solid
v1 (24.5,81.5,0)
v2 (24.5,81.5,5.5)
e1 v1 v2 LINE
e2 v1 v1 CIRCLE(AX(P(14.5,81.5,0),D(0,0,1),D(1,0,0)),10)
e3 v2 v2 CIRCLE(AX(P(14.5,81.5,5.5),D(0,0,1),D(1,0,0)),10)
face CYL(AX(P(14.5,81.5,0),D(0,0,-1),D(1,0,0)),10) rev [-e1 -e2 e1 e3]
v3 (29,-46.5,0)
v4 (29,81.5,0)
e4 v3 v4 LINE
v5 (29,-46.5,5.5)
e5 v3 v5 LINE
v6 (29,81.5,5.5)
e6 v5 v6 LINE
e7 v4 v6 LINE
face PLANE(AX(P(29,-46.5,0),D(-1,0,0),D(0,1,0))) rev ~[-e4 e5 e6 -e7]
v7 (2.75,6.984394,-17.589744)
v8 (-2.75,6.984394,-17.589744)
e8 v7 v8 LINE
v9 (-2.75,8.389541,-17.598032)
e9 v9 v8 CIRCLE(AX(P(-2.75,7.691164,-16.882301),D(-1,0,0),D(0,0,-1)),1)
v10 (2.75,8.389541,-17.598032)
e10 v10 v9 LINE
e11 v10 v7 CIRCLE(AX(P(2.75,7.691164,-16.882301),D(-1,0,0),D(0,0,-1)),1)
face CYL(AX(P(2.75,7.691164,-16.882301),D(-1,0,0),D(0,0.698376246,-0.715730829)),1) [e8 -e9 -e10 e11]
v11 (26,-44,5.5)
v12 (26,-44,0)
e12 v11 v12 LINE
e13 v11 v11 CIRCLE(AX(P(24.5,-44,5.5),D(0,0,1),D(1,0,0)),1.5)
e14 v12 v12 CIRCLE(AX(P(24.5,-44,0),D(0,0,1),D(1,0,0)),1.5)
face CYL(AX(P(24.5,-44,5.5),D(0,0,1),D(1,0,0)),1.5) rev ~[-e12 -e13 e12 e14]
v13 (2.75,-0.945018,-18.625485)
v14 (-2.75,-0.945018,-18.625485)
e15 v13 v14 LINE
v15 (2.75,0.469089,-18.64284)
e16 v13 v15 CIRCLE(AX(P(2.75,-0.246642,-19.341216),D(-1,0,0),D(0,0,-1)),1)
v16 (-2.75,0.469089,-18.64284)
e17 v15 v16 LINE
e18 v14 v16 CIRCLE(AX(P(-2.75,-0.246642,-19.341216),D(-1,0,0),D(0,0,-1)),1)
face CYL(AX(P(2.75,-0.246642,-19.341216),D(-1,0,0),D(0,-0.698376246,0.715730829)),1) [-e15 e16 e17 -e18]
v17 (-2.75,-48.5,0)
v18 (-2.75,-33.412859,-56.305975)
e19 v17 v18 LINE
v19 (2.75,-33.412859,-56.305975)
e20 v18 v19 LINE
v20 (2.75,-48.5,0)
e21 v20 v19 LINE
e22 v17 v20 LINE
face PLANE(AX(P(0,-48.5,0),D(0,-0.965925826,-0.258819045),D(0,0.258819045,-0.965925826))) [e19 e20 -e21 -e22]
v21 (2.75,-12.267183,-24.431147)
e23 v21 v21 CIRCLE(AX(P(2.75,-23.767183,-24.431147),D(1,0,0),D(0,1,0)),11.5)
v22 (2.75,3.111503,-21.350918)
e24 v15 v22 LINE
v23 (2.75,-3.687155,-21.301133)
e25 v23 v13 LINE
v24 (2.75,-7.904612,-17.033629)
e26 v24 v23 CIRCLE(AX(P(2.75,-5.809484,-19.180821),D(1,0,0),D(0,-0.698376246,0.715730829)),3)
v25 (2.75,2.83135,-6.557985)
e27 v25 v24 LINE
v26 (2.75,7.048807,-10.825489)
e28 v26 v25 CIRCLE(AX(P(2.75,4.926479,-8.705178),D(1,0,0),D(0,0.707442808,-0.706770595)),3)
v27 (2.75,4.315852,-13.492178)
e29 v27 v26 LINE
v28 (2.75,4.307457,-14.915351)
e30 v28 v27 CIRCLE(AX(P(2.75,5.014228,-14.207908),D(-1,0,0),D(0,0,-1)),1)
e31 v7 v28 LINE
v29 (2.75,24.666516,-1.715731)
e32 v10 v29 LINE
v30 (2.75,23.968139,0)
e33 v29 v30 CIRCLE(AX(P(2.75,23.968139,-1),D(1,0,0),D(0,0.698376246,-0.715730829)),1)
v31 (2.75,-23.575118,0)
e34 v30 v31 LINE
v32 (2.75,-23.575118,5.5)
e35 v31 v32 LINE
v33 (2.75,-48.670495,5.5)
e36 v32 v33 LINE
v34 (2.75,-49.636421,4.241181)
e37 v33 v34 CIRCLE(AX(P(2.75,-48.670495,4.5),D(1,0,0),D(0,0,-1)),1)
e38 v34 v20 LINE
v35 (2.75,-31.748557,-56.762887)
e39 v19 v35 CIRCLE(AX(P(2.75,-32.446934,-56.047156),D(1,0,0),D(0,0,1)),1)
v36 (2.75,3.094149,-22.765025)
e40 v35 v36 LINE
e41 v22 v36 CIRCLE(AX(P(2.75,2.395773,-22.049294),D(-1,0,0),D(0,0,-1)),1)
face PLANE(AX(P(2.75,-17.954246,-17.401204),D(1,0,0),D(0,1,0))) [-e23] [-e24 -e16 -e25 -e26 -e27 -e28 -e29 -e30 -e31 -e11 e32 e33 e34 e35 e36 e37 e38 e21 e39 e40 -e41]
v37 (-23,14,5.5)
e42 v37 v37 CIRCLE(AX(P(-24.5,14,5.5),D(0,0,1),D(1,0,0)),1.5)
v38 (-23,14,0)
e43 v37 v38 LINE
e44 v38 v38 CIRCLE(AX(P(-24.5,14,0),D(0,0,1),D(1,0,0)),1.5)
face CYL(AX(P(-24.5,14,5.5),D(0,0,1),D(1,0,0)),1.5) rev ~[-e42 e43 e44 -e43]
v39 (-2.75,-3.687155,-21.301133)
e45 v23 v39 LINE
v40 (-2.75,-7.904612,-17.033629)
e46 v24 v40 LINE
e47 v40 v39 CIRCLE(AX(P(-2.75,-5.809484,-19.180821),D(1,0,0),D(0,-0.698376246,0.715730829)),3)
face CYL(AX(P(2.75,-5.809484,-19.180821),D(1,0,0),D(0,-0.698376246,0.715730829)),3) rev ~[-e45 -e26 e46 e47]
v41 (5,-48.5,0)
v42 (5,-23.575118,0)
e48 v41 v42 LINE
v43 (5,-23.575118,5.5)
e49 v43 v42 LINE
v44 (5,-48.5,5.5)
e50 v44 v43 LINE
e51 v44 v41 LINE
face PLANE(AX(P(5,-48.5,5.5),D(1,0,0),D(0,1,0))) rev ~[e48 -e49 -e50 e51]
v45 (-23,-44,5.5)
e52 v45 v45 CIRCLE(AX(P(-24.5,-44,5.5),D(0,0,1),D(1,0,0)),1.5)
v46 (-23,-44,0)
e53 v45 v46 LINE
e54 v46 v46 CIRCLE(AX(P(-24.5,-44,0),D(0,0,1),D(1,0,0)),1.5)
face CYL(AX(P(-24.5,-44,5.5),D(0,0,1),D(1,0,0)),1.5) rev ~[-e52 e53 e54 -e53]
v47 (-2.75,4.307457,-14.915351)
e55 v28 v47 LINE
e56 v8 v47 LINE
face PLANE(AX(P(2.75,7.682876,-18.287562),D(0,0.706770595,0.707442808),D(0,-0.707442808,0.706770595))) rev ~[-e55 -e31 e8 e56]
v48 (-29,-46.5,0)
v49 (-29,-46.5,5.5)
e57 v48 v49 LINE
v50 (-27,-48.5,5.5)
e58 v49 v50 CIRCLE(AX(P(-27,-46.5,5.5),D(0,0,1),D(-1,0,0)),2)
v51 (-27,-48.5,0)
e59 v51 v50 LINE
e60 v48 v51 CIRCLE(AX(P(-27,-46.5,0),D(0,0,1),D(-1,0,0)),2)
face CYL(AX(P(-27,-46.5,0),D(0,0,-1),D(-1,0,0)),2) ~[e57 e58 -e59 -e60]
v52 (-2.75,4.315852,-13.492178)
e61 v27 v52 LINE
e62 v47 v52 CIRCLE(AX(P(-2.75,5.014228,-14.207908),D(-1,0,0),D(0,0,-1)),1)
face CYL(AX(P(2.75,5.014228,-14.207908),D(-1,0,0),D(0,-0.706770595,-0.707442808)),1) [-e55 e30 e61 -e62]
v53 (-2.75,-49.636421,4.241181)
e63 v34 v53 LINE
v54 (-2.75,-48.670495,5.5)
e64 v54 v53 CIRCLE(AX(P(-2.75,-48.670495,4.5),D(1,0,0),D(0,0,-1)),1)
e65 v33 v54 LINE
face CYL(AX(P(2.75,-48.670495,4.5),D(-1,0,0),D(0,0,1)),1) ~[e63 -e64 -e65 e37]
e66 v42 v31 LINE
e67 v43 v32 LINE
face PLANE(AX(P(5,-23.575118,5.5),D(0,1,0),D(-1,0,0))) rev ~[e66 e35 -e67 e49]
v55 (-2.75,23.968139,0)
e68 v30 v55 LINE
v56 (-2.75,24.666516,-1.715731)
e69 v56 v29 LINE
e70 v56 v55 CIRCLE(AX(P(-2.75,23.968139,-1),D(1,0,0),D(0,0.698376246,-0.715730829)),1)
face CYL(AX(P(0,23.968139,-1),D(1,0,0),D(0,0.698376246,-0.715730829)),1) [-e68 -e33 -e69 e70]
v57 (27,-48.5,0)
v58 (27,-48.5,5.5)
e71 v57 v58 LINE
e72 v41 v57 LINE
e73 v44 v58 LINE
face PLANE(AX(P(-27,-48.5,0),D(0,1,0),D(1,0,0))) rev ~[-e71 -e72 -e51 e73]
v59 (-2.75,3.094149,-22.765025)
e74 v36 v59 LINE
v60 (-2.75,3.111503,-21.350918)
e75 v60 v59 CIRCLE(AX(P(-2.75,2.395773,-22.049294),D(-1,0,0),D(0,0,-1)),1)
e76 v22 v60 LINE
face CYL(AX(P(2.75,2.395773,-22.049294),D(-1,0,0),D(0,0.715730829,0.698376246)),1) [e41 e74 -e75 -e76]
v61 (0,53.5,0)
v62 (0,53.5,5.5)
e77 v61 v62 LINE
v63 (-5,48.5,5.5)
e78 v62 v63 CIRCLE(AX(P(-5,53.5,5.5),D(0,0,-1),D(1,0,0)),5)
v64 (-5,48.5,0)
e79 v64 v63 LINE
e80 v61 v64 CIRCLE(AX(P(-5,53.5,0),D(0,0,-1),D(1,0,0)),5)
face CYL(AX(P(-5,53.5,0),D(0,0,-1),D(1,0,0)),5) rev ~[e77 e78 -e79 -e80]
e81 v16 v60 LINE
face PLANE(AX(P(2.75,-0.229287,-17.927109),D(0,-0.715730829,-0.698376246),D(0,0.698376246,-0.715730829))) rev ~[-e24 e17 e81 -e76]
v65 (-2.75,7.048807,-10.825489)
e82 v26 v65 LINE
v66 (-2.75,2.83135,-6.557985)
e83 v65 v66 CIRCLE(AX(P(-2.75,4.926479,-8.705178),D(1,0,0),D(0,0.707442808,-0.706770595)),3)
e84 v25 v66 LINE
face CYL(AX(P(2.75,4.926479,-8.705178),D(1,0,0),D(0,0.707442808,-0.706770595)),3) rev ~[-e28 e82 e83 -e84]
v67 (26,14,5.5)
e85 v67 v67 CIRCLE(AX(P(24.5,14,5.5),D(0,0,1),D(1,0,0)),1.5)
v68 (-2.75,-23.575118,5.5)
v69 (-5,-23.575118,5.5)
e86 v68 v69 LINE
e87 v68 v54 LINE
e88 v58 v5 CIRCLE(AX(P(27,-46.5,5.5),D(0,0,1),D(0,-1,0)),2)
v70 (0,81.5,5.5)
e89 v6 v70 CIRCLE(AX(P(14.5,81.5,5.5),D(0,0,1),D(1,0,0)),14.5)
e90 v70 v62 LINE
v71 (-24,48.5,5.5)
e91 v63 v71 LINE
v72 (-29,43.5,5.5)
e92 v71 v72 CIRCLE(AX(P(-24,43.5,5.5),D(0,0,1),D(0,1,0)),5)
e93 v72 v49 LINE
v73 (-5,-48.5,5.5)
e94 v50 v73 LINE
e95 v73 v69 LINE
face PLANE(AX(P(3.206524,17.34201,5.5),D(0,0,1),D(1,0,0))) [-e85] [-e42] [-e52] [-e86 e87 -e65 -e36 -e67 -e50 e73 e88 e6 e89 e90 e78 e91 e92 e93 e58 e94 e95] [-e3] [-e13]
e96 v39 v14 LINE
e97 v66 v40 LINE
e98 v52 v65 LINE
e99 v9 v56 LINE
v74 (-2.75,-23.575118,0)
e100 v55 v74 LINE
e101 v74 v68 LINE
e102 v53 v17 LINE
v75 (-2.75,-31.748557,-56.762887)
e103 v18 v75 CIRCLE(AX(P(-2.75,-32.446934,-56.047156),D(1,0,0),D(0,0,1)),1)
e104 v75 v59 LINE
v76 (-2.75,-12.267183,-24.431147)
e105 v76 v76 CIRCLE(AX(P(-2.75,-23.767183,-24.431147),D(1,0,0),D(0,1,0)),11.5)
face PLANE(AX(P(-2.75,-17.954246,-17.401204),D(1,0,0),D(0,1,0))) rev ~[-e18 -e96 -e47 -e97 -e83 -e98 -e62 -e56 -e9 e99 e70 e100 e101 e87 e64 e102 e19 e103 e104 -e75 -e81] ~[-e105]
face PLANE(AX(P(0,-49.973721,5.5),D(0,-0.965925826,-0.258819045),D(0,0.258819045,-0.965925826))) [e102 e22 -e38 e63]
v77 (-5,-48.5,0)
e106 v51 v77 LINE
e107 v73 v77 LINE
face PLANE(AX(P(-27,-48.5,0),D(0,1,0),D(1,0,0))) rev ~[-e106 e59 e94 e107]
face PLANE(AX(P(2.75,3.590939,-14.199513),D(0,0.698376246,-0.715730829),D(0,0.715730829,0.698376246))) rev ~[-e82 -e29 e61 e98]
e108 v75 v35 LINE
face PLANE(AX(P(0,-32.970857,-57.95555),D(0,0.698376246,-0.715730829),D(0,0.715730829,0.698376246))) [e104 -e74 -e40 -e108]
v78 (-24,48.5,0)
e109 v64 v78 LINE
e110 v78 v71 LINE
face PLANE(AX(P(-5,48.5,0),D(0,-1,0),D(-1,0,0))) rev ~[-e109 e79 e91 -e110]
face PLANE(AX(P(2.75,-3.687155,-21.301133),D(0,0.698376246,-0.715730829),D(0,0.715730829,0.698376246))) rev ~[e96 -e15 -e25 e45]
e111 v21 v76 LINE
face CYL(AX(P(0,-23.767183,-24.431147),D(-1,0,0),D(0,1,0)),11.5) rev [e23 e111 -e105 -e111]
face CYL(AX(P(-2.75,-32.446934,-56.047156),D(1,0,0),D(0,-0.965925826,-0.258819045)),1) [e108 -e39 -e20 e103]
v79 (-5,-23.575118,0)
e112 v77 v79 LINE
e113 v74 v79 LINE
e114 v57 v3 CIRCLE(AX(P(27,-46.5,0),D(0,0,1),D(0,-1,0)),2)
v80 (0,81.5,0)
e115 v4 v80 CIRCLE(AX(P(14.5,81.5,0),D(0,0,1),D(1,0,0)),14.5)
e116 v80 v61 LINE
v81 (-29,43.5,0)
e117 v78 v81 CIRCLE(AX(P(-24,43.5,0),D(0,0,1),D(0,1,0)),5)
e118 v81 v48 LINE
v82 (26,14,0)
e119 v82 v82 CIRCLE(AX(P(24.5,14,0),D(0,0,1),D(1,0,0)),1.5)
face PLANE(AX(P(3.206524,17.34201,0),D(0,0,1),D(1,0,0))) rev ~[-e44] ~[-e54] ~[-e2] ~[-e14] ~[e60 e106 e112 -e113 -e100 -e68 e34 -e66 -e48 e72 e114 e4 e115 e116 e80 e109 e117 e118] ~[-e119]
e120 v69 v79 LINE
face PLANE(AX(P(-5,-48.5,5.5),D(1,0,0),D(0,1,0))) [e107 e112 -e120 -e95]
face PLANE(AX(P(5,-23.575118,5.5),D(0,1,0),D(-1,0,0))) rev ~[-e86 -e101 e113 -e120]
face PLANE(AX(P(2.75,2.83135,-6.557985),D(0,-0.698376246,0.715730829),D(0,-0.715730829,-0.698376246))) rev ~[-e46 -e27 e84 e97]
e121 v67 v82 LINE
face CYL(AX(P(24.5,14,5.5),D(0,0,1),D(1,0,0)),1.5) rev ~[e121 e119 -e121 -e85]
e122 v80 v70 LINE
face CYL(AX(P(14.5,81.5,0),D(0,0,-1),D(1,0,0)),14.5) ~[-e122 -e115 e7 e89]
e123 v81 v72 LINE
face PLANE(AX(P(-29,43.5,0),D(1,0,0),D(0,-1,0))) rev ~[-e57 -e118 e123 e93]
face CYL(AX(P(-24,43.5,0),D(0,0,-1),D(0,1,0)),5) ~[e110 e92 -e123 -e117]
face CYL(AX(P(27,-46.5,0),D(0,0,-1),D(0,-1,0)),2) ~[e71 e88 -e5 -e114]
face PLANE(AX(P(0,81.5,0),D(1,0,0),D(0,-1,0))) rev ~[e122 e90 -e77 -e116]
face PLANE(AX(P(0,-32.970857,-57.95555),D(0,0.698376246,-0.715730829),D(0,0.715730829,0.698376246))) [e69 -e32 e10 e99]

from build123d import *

# Parameters (mm, degrees)
F0_R      = 10
F1_DEPTH  = 5.5
F2_R      = 1.5
F3_DEPTH  = 5.5
F4_W      = 5
F4_H      = 24.9248821884
F5_DEPTH  = 5.5
F6_R      = 11.5
F7_DEPTH  = 2.75
F8_R      = 1
F10_DEPTH = 5.5
F11_R     = 1


with BuildPart() as f1:
    # F0 (on Top) → F1 (new body)
    with BuildSketch(Plane.XY):
        with BuildLine():
            Line((-27, -48.5), (27, -48.5))
            ThreePointArc((27, -48.5), (28.4142135624, -47.9142135624), (29, -46.5))
            Line((29, -46.5), (29, 81.5))
            ThreePointArc((29, 81.5), (14.5, 96), (0, 81.5))
            Line((0, 81.5), (0, 53.5))
            ThreePointArc((0, 53.5), (-1.4644660941, 49.9644660941), (-5, 48.5))
            Line((-5, 48.5), (-24, 48.5))
            ThreePointArc((-24, 48.5), (-27.5355339059, 47.0355339059), (-29, 43.5))
            Line((-29, 43.5), (-29, -46.5))
            ThreePointArc((-29, -46.5), (-28.4142135624, -47.9142135624), (-27, -48.5))
        make_face()
        with Locations((14.5, 81.5)):
            Circle(F0_R, mode=Mode.SUBTRACT)
    extrude(amount=F1_DEPTH)

    # F2 (on face) → F3 (cut, through all)
    with BuildSketch(Plane.XY.offset(5.5)):
        with Locations((-24.5, 14)):
            Circle(F2_R)
        with Locations((24.5, 14)):
            Circle(F2_R)
        with Locations((24.5, -44)):
            Circle(F2_R)
        with Locations((-24.5, -44)):
            Circle(F2_R)
    extrude(amount=-F3_DEPTH, mode=Mode.SUBTRACT)

    # F4 (on face) → F5 (cut, through all)
    with BuildSketch(Plane.XY.offset(5.5)):
        with Locations((2.5, -36.0375589058)):
            Rectangle(F4_W, F4_H)
        with Locations((-2.5, -36.0375589058)):
            Rectangle(F4_W, F4_H)
    extrude(amount=-F5_DEPTH, mode=Mode.SUBTRACT)

    # F6 (on Right) → F7 (join, symmetric)
    with BuildSketch(Plane.YZ):
        with BuildLine():
            Line((-49.9737205584, 5.5), (-48.5, 0))
            Line((-48.5, 0), (-32.9708572938, -57.9555495773))
            Line((-32.9708572938, -57.9555495773), (24.6665156112, -1.715730829))
            ThreePointArc((24.6665156112, -1.715730829), (24.8943496088, -0.6229925922), (23.9681393656, 0))
            Line((23.9681393656, 0), (-23.5751178116, 0))
            Line((-23.5751178116, 0), (-23.5751178116, 5.5))
            Line((-23.5751178116, 5.5), (-48.5, 5.5))
            Line((-48.5, 5.5), (-49.9737205584, 5.5))
        make_face()
        with Locations((-23.7671827683, -24.4311470085)):
            Circle(F6_R, mode=Mode.SUBTRACT)
    extrude(amount=F7_DEPTH, both=True)

    # F8
    f8_edges = [f1.edges().sort_by_distance(p)[0] for p in [
        (0, -49.973721, 5.5),
        (0, -32.970857, -57.95555),
    ]]
    fillet(f8_edges, radius=F8_R)

    # F9 (on face) → F10 (cut, through all)
    with BuildSketch(Plane.YZ.offset(2.75)):
        with BuildLine():
            ThreePointArc((-7.9046124855, -17.0336287316), (-7.9432792247, -21.2895926303), (-3.6871553257, -21.3011330035))
            Line((-3.6871553257, -21.3011330035), (-0.2292870065, -17.9271088638))
            Line((-0.2292870065, -17.9271088638), (3.8098796459, -22.0666484241))
            Line((3.8098796459, -22.0666484241), (7.6828757476, -18.2875622549))
            Line((7.6828757476, -18.2875622549), (3.5909387901, -14.1995134591))
            Line((3.5909387901, -14.1995134591), (7.0488071093, -10.8254893195))
            ThreePointArc((7.0488071093, -10.8254893195), (7.0602741622, -6.596406123), (2.8313499495, -6.5579850476))
            Line((2.8313499495, -6.5579850476), (-7.9046124855, -17.0336287316))
        make_face()
    extrude(amount=-F10_DEPTH, mode=Mode.SUBTRACT)

    # F11
    f11_edges = [f1.edges().sort_by_distance(p)[0] for p in [
        (0, -0.229287, -17.927109),
        (0, 3.590939, -14.199513),
        (0, 7.682876, -18.287562),
        (0, 3.80988, -22.066648),
    ]]
    fillet(f11_edges, radius=F11_R)


solid = f1.part
